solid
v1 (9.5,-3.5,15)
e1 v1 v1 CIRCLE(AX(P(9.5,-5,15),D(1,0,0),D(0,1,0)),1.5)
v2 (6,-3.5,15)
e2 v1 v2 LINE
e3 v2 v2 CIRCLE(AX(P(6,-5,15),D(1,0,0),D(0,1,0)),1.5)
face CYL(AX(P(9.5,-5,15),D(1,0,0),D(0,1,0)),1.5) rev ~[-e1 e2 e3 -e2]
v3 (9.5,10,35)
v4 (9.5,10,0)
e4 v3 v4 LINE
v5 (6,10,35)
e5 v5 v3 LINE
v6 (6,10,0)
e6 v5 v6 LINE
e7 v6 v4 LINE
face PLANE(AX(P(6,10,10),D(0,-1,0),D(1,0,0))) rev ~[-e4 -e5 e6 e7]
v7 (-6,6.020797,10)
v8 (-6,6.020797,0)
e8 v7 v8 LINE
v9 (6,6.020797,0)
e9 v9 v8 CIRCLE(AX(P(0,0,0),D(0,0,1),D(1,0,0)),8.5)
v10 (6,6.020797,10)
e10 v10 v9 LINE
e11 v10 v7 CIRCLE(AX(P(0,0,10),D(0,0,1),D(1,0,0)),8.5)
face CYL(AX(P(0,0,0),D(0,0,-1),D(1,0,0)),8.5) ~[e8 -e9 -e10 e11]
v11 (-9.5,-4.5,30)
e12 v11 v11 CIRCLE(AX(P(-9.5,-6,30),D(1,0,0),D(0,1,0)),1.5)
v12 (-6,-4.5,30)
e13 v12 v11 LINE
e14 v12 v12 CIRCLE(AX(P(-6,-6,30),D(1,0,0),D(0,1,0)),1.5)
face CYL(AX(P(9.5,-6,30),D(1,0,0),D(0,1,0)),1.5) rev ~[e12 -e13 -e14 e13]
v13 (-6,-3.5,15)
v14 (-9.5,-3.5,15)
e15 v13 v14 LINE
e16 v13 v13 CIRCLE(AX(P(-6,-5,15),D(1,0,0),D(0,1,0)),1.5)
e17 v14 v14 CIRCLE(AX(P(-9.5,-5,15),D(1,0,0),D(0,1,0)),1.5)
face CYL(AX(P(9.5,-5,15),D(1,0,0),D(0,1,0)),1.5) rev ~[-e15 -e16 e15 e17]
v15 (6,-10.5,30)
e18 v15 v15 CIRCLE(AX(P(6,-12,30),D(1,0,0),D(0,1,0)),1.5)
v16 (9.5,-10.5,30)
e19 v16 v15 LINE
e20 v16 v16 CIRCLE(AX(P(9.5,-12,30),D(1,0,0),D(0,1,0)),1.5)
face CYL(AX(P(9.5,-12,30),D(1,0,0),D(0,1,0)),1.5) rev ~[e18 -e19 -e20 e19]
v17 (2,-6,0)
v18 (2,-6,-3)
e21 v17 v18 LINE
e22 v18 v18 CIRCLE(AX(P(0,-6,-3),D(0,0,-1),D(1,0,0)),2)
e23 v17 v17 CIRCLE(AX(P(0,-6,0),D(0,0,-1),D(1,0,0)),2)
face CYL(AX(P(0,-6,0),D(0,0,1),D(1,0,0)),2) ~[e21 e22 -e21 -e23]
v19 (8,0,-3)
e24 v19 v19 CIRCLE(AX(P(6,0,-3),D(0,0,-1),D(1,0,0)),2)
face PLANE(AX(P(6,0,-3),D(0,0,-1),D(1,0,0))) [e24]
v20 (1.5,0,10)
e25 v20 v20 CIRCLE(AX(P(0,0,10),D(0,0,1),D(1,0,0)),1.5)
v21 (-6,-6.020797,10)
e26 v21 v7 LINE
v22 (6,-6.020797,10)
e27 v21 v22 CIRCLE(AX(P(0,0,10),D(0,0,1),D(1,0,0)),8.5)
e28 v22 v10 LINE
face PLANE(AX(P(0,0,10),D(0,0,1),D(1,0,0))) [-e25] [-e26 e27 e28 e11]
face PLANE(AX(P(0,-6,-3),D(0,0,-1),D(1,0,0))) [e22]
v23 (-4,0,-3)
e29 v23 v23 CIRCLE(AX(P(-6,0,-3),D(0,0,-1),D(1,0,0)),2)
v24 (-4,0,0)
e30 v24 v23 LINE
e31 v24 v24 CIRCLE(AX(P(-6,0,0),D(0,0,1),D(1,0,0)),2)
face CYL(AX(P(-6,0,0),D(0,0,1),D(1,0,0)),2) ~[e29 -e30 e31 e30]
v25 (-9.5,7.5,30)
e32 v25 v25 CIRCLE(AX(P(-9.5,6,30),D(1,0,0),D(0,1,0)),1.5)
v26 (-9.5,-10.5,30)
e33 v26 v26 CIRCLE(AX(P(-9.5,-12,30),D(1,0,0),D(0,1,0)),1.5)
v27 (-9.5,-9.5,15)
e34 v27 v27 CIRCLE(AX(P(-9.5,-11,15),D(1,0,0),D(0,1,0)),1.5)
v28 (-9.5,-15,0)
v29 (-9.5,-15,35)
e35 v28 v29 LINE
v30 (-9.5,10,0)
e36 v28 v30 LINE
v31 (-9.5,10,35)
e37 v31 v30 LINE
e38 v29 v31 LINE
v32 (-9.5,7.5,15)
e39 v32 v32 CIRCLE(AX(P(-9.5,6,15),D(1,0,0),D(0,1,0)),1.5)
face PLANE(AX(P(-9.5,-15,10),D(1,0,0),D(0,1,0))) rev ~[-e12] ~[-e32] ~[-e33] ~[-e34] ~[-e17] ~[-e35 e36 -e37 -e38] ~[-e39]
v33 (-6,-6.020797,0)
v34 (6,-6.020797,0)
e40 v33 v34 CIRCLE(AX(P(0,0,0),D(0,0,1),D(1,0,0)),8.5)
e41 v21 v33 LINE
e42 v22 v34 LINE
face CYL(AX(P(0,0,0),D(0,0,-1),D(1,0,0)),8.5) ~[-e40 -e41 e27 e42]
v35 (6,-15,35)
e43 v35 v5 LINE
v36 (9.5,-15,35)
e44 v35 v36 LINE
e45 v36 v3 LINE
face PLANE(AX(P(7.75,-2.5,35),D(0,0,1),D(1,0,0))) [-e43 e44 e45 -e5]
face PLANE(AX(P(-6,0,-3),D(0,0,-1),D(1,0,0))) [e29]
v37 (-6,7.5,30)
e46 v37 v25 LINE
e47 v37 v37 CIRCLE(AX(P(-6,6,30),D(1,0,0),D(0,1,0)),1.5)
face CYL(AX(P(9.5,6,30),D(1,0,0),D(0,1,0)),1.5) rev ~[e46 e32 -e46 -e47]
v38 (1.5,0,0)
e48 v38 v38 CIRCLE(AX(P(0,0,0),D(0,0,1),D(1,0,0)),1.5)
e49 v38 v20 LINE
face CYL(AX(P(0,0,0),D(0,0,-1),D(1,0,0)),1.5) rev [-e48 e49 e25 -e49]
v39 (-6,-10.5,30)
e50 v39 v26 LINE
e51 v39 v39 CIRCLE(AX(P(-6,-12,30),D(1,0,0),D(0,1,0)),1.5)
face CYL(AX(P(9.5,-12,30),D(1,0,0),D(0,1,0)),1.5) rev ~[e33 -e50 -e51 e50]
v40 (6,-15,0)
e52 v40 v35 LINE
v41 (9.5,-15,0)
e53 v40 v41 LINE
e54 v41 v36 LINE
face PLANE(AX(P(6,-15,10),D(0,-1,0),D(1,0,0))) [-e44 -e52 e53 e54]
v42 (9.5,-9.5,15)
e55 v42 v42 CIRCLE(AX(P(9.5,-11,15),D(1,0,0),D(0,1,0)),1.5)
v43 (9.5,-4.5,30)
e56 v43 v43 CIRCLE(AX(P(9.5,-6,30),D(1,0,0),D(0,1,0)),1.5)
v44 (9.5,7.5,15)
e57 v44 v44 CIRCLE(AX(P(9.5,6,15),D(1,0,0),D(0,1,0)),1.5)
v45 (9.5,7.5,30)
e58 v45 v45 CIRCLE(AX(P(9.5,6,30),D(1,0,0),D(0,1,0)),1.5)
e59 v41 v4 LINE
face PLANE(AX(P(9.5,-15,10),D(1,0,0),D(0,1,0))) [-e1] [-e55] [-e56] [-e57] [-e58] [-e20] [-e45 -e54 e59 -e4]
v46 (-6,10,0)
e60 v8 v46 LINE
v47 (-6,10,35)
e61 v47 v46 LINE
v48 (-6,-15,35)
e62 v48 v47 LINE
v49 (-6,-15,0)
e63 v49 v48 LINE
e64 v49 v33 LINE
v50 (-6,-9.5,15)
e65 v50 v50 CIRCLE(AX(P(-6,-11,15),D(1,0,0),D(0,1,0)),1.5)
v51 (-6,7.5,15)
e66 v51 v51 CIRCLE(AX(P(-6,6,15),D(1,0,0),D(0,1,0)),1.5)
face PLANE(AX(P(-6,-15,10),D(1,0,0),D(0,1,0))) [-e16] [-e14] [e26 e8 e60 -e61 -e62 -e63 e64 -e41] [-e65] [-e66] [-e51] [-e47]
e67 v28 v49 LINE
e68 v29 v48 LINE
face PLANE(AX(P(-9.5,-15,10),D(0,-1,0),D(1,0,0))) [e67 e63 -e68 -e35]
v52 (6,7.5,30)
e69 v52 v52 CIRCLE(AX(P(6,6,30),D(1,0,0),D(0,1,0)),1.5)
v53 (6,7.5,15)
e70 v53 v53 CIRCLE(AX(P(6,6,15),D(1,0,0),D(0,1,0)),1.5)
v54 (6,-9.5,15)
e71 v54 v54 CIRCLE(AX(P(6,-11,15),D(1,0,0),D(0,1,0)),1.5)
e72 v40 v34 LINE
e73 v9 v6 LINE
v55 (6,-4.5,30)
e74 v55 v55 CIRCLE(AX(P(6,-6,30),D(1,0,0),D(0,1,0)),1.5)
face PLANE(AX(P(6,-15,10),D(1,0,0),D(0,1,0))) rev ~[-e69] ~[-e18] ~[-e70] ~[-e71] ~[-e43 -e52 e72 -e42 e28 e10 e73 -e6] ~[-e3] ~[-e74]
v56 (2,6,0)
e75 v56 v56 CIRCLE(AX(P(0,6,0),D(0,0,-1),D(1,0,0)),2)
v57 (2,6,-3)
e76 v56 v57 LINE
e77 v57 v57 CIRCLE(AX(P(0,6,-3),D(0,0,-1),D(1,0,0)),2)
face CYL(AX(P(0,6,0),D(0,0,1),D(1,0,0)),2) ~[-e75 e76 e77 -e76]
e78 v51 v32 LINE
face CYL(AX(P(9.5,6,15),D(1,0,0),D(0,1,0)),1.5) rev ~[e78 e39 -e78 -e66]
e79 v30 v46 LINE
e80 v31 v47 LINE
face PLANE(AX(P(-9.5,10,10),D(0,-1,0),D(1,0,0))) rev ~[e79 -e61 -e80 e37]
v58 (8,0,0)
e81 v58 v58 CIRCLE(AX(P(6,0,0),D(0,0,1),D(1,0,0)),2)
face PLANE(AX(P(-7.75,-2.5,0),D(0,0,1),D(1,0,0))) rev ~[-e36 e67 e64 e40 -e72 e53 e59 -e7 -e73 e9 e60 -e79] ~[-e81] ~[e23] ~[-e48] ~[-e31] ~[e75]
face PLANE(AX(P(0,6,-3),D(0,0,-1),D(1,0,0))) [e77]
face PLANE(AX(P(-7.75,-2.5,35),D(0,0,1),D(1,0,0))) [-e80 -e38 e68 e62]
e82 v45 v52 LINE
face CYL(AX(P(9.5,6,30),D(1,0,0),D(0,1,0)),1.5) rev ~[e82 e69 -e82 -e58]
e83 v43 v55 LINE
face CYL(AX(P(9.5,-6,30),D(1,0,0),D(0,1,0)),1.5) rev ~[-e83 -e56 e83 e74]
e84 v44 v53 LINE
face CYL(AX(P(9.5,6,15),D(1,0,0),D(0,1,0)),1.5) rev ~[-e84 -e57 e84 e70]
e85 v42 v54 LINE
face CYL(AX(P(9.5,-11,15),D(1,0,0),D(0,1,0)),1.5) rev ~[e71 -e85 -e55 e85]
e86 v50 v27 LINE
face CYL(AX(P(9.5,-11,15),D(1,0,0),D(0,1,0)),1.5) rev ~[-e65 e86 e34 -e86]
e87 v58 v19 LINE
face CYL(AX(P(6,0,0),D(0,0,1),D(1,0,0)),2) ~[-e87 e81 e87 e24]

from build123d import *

# Parameters (mm, degrees)
SKETCH_R          = 8.5
SKETCH_R_2        = 1.5
PAD_DEPTH         = 10
SKETCH001_R       = 2
PAD001_DEPTH      = 3
SKETCH002_W       = 3.5
SKETCH002_H       = 25
PAD002_DEPTH      = 25
PAD002_DEPTH_BACK = 10
SKETCH003_R       = 1.5
POCKET_DEPTH      = 19.001


with BuildPart() as part:
    # Sketch → Pad (new body)
    with BuildSketch(Plane.XY):
        Circle(SKETCH_R)
        Circle(SKETCH_R_2, mode=Mode.SUBTRACT)
    extrude(amount=PAD_DEPTH)

    # Sketch001 → Pad001 (new body)
    with BuildSketch(Plane(origin=(0, 0, 0), x_dir=(1, 0, 0), z_dir=(0, 0, -1))):
        with Locations((0, -6)):
            Circle(SKETCH001_R)
        with Locations((6, 0)):
            Circle(SKETCH001_R)
        with Locations((0, 6)):
            Circle(SKETCH001_R)
        with Locations((-6, 0)):
            Circle(SKETCH001_R)
    extrude(amount=PAD001_DEPTH)

    # Sketch002 → Pad002 (new body, two sides)
    with BuildSketch(Plane.XY.offset(10)) as pad002_sk:
        with Locations((-7.75, -2.5)):
            Rectangle(SKETCH002_W, SKETCH002_H)
        with Locations((7.75, -2.5)):
            Rectangle(SKETCH002_W, SKETCH002_H)
    extrude(amount=PAD002_DEPTH)
    extrude(pad002_sk.sketch, amount=-PAD002_DEPTH_BACK)

    # Sketch003 → Pocket (cut, through all)
    with BuildSketch(Plane.YZ.offset(9.5)):
        with Locations((-11, 15)):
            Circle(SKETCH003_R)
        with Locations((-5, 15)):
            Circle(SKETCH003_R)
        with Locations((-12, 30)):
            Circle(SKETCH003_R)
        with Locations((-6, 30)):
            Circle(SKETCH003_R)
        with Locations((6, 30)):
            Circle(SKETCH003_R)
        with Locations((6, 15)):
            Circle(SKETCH003_R)
    extrude(amount=-POCKET_DEPTH, mode=Mode.SUBTRACT)


solid = part.part
